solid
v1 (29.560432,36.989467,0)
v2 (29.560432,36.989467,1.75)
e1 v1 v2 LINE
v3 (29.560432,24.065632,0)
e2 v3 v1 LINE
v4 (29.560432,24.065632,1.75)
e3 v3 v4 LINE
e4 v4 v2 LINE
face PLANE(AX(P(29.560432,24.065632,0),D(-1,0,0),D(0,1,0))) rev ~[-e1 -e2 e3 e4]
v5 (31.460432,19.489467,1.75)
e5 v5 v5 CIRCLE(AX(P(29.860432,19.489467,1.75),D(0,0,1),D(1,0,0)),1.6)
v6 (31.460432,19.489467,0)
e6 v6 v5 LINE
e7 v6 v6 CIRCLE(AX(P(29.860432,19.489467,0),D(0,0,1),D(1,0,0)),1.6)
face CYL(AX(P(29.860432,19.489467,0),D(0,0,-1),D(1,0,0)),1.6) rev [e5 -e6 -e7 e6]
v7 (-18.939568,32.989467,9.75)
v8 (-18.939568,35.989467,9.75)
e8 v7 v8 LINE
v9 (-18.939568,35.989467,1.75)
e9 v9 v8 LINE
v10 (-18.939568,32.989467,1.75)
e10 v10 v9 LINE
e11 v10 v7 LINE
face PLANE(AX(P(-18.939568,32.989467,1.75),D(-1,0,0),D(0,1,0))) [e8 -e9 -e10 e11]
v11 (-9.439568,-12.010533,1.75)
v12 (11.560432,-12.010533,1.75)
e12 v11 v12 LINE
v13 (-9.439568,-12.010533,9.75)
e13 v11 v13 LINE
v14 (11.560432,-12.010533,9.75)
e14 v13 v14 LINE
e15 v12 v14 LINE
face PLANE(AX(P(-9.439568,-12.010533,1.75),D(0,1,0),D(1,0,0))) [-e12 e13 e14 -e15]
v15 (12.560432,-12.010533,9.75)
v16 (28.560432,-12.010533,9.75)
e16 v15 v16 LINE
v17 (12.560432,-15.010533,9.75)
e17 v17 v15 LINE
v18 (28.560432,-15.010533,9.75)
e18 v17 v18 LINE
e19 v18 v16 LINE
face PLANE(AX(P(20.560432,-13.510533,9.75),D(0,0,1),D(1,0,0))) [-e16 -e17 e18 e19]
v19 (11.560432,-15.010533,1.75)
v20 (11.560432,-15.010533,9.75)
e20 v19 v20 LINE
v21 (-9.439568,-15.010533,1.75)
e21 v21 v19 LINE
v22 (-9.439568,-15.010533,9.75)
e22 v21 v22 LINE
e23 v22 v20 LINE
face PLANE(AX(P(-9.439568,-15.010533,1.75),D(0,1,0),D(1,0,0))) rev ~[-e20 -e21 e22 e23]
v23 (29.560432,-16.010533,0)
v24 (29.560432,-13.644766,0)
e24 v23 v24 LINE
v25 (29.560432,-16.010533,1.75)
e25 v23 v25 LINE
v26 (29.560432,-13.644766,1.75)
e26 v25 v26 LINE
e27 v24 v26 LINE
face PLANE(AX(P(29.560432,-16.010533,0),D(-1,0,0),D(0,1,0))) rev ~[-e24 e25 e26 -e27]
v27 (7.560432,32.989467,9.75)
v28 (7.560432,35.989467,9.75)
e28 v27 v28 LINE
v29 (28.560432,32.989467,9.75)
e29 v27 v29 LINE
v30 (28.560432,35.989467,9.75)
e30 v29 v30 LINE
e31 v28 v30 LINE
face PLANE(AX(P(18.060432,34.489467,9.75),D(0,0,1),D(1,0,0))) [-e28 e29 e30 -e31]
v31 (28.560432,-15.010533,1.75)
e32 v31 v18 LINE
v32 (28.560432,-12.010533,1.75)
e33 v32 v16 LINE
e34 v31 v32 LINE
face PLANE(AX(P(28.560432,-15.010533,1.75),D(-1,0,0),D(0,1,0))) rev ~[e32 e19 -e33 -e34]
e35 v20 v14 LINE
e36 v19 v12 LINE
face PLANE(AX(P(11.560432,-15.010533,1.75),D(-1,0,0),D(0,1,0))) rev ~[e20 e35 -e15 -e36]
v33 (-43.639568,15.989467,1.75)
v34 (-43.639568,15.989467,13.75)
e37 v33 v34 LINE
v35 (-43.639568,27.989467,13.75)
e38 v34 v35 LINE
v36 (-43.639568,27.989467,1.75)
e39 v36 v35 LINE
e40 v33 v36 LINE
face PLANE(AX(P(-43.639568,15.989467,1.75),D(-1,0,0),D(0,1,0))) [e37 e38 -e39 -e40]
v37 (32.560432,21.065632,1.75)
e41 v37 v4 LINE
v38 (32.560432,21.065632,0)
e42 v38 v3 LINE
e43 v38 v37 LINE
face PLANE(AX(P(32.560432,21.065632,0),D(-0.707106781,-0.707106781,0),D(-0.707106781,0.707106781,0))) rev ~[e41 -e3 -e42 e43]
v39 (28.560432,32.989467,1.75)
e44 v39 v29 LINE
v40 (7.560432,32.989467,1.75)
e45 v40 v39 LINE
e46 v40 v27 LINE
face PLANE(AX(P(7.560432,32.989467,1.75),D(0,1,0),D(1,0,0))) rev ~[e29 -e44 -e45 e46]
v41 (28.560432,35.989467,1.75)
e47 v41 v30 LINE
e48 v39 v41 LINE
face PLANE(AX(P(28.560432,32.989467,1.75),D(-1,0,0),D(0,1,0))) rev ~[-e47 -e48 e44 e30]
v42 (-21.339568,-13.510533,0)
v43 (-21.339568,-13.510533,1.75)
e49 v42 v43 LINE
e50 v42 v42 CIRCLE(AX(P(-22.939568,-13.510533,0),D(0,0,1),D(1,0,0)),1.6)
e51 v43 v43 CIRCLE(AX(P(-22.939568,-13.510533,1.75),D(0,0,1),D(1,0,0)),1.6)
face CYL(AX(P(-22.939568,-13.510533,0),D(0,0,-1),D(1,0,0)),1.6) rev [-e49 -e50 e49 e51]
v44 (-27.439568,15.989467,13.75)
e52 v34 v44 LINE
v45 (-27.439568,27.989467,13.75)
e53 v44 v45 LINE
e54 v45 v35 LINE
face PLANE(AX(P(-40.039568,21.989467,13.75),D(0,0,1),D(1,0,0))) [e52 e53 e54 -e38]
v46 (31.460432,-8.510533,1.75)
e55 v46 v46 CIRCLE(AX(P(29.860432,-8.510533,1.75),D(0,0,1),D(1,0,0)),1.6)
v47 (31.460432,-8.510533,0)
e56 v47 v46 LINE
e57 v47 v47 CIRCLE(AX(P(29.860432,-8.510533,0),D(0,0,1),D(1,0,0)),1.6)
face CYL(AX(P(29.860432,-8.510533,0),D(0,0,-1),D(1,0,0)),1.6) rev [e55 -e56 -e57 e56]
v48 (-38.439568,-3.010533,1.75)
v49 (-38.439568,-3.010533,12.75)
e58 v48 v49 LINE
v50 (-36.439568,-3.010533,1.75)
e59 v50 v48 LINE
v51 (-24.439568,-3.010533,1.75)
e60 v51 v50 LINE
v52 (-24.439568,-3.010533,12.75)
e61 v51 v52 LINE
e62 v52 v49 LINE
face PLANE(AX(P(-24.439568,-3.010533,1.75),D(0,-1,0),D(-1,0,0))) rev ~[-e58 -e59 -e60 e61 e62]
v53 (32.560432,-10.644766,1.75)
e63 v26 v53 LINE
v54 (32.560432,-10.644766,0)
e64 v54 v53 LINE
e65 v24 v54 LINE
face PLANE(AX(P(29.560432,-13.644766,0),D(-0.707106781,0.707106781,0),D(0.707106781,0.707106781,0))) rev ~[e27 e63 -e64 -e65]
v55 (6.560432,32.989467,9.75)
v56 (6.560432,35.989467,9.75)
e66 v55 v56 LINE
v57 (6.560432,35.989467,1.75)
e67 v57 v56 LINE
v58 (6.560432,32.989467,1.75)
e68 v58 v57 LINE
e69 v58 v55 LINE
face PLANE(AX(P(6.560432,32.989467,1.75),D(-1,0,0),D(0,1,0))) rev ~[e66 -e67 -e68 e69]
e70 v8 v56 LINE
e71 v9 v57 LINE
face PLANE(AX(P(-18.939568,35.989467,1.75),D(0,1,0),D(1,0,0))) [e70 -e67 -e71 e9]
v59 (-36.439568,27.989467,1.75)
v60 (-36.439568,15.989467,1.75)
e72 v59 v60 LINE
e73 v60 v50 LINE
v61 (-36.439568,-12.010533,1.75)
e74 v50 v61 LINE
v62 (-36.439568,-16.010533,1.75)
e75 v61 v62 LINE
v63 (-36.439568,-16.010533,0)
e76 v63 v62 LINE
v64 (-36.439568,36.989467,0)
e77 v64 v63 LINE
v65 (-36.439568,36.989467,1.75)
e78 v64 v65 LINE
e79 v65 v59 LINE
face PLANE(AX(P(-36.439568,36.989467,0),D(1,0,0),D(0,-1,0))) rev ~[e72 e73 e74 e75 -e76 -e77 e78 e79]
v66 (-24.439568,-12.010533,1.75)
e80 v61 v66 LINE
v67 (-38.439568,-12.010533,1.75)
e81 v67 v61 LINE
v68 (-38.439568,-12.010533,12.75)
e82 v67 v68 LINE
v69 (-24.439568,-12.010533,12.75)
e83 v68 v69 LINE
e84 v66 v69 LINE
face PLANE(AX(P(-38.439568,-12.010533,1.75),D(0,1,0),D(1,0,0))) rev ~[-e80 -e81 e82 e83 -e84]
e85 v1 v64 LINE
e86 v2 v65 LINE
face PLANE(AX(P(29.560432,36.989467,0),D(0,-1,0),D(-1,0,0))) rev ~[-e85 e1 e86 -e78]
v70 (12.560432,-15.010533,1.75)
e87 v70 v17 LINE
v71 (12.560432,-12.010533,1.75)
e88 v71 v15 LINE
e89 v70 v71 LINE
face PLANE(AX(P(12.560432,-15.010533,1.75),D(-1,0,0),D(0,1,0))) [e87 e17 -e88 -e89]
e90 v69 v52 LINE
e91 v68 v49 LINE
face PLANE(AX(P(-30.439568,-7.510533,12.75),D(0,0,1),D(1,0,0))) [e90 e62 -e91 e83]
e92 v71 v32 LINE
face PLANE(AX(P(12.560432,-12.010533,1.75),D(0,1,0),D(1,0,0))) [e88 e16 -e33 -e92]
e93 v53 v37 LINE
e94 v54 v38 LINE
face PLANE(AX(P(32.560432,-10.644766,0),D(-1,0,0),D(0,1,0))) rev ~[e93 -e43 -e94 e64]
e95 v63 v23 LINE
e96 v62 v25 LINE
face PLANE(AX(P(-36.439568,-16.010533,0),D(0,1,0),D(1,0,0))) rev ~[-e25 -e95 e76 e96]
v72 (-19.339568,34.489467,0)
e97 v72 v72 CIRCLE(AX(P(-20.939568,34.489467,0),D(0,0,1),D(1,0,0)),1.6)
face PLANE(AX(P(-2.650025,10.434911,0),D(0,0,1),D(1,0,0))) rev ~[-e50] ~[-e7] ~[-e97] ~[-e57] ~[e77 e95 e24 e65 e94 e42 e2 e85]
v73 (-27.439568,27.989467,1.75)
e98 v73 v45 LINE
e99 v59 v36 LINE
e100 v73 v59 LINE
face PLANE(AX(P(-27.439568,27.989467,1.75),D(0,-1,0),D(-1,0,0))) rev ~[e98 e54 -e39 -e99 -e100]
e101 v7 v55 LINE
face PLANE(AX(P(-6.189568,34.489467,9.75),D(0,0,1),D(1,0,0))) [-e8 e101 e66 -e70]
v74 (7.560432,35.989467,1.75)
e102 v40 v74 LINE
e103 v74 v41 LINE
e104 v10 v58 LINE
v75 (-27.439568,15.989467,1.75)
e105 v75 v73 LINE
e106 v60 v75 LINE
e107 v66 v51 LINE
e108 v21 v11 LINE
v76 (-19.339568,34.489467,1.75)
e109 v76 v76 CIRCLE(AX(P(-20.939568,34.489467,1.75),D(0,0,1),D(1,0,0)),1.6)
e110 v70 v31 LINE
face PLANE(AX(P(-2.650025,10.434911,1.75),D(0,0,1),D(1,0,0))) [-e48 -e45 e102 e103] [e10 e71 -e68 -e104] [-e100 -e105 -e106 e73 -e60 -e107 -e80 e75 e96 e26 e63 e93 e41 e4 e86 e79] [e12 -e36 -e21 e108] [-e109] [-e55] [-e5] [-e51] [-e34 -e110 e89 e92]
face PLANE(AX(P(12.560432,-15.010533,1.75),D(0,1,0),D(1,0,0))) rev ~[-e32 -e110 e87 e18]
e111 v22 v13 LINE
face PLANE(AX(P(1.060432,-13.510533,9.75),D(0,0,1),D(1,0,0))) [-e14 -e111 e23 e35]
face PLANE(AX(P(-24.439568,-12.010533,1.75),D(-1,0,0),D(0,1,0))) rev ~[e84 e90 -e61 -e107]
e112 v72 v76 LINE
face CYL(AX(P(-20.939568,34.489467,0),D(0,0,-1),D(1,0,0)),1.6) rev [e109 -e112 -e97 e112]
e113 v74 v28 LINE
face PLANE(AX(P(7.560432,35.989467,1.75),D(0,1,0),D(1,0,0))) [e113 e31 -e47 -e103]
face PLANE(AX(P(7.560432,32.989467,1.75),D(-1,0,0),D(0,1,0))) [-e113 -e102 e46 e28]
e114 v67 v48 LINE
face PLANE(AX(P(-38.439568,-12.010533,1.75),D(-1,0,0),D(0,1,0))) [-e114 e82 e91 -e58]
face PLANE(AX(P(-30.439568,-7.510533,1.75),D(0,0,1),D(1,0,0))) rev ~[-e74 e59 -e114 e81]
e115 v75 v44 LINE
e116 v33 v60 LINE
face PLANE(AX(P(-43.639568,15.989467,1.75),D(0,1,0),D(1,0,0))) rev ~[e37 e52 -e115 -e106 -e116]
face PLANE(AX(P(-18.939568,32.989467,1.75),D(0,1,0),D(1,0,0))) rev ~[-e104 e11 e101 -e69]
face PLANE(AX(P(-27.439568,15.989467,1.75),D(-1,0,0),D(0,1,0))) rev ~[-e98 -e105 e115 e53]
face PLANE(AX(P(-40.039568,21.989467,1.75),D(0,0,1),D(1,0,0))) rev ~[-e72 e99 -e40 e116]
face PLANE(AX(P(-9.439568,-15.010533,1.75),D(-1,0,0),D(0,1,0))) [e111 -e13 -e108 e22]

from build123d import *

# Parameters (mm, degrees)
F0_R     = 1.6
F1_DEPTH = 1.75
F2_W     = 7.2
F2_H     = 12
F2_W_2   = 9
F3_DEPTH = 12
F4_W     = 12
F4_H     = 9
F4_W_2   = 2
F5_DEPTH = 11
F6_W     = 21
F6_H     = 3
F6_W_2   = 16
F6_W_3   = 25.5
F7_DEPTH = 8


with BuildPart() as f1:
    # F0 (on Top) → F1 (new body)
    with BuildSketch(Plane.XY):
        Polygon((29.560432, 36.989467), (-36.439568, 36.989467), (-36.439568, -16.010533), (29.560432, -16.010533), (29.560432, -13.644766), (32.560432, -10.644766), (32.560432, 21.065632), (29.560432, 24.065632), align=None)
        with Locations((-22.939568, -13.510533)):
            Circle(F0_R, mode=Mode.SUBTRACT)
        with Locations((29.860432, -8.510533)):
            Circle(F0_R, mode=Mode.SUBTRACT)
        with Locations((-20.939568, 34.489467)):
            Circle(F0_R, mode=Mode.SUBTRACT)
        with Locations((29.860432, 19.489467)):
            Circle(F0_R, mode=Mode.SUBTRACT)
    extrude(amount=F1_DEPTH)

    # F2 (on face) → F3 (join)
    with BuildSketch(Plane.XY.offset(1.75)):
        with Locations((-40.039568, 21.989467)):
            Rectangle(F2_W, F2_H)
        with Locations((-31.939568, 21.989467)):
            Rectangle(F2_W_2, F2_H)
    extrude(amount=F3_DEPTH)

    # F4 (on face) → F5 (join)
    with BuildSketch(Plane.XY.offset(1.75)):
        with Locations((-30.439568, -7.510533)):
            Rectangle(F4_W, F4_H)
        with Locations((-37.439568, -7.510533)):
            Rectangle(F4_W_2, F4_H)
    extrude(amount=F5_DEPTH)

    # F6 (on face) → F7 (join)
    with BuildSketch(Plane.XY.offset(1.75)):
        with Locations((1.060432, -13.510533)):
            Rectangle(F6_W, F6_H)
        with Locations((20.560432, -13.510533)):
            Rectangle(F6_W_2, F6_H)
        with Locations((18.060432, 34.489467)):
            Rectangle(F6_W, F6_H)
        with Locations((-6.189568, 34.489467)):
            Rectangle(F6_W_3, F6_H)
    extrude(amount=F7_DEPTH)


solid = f1.part
